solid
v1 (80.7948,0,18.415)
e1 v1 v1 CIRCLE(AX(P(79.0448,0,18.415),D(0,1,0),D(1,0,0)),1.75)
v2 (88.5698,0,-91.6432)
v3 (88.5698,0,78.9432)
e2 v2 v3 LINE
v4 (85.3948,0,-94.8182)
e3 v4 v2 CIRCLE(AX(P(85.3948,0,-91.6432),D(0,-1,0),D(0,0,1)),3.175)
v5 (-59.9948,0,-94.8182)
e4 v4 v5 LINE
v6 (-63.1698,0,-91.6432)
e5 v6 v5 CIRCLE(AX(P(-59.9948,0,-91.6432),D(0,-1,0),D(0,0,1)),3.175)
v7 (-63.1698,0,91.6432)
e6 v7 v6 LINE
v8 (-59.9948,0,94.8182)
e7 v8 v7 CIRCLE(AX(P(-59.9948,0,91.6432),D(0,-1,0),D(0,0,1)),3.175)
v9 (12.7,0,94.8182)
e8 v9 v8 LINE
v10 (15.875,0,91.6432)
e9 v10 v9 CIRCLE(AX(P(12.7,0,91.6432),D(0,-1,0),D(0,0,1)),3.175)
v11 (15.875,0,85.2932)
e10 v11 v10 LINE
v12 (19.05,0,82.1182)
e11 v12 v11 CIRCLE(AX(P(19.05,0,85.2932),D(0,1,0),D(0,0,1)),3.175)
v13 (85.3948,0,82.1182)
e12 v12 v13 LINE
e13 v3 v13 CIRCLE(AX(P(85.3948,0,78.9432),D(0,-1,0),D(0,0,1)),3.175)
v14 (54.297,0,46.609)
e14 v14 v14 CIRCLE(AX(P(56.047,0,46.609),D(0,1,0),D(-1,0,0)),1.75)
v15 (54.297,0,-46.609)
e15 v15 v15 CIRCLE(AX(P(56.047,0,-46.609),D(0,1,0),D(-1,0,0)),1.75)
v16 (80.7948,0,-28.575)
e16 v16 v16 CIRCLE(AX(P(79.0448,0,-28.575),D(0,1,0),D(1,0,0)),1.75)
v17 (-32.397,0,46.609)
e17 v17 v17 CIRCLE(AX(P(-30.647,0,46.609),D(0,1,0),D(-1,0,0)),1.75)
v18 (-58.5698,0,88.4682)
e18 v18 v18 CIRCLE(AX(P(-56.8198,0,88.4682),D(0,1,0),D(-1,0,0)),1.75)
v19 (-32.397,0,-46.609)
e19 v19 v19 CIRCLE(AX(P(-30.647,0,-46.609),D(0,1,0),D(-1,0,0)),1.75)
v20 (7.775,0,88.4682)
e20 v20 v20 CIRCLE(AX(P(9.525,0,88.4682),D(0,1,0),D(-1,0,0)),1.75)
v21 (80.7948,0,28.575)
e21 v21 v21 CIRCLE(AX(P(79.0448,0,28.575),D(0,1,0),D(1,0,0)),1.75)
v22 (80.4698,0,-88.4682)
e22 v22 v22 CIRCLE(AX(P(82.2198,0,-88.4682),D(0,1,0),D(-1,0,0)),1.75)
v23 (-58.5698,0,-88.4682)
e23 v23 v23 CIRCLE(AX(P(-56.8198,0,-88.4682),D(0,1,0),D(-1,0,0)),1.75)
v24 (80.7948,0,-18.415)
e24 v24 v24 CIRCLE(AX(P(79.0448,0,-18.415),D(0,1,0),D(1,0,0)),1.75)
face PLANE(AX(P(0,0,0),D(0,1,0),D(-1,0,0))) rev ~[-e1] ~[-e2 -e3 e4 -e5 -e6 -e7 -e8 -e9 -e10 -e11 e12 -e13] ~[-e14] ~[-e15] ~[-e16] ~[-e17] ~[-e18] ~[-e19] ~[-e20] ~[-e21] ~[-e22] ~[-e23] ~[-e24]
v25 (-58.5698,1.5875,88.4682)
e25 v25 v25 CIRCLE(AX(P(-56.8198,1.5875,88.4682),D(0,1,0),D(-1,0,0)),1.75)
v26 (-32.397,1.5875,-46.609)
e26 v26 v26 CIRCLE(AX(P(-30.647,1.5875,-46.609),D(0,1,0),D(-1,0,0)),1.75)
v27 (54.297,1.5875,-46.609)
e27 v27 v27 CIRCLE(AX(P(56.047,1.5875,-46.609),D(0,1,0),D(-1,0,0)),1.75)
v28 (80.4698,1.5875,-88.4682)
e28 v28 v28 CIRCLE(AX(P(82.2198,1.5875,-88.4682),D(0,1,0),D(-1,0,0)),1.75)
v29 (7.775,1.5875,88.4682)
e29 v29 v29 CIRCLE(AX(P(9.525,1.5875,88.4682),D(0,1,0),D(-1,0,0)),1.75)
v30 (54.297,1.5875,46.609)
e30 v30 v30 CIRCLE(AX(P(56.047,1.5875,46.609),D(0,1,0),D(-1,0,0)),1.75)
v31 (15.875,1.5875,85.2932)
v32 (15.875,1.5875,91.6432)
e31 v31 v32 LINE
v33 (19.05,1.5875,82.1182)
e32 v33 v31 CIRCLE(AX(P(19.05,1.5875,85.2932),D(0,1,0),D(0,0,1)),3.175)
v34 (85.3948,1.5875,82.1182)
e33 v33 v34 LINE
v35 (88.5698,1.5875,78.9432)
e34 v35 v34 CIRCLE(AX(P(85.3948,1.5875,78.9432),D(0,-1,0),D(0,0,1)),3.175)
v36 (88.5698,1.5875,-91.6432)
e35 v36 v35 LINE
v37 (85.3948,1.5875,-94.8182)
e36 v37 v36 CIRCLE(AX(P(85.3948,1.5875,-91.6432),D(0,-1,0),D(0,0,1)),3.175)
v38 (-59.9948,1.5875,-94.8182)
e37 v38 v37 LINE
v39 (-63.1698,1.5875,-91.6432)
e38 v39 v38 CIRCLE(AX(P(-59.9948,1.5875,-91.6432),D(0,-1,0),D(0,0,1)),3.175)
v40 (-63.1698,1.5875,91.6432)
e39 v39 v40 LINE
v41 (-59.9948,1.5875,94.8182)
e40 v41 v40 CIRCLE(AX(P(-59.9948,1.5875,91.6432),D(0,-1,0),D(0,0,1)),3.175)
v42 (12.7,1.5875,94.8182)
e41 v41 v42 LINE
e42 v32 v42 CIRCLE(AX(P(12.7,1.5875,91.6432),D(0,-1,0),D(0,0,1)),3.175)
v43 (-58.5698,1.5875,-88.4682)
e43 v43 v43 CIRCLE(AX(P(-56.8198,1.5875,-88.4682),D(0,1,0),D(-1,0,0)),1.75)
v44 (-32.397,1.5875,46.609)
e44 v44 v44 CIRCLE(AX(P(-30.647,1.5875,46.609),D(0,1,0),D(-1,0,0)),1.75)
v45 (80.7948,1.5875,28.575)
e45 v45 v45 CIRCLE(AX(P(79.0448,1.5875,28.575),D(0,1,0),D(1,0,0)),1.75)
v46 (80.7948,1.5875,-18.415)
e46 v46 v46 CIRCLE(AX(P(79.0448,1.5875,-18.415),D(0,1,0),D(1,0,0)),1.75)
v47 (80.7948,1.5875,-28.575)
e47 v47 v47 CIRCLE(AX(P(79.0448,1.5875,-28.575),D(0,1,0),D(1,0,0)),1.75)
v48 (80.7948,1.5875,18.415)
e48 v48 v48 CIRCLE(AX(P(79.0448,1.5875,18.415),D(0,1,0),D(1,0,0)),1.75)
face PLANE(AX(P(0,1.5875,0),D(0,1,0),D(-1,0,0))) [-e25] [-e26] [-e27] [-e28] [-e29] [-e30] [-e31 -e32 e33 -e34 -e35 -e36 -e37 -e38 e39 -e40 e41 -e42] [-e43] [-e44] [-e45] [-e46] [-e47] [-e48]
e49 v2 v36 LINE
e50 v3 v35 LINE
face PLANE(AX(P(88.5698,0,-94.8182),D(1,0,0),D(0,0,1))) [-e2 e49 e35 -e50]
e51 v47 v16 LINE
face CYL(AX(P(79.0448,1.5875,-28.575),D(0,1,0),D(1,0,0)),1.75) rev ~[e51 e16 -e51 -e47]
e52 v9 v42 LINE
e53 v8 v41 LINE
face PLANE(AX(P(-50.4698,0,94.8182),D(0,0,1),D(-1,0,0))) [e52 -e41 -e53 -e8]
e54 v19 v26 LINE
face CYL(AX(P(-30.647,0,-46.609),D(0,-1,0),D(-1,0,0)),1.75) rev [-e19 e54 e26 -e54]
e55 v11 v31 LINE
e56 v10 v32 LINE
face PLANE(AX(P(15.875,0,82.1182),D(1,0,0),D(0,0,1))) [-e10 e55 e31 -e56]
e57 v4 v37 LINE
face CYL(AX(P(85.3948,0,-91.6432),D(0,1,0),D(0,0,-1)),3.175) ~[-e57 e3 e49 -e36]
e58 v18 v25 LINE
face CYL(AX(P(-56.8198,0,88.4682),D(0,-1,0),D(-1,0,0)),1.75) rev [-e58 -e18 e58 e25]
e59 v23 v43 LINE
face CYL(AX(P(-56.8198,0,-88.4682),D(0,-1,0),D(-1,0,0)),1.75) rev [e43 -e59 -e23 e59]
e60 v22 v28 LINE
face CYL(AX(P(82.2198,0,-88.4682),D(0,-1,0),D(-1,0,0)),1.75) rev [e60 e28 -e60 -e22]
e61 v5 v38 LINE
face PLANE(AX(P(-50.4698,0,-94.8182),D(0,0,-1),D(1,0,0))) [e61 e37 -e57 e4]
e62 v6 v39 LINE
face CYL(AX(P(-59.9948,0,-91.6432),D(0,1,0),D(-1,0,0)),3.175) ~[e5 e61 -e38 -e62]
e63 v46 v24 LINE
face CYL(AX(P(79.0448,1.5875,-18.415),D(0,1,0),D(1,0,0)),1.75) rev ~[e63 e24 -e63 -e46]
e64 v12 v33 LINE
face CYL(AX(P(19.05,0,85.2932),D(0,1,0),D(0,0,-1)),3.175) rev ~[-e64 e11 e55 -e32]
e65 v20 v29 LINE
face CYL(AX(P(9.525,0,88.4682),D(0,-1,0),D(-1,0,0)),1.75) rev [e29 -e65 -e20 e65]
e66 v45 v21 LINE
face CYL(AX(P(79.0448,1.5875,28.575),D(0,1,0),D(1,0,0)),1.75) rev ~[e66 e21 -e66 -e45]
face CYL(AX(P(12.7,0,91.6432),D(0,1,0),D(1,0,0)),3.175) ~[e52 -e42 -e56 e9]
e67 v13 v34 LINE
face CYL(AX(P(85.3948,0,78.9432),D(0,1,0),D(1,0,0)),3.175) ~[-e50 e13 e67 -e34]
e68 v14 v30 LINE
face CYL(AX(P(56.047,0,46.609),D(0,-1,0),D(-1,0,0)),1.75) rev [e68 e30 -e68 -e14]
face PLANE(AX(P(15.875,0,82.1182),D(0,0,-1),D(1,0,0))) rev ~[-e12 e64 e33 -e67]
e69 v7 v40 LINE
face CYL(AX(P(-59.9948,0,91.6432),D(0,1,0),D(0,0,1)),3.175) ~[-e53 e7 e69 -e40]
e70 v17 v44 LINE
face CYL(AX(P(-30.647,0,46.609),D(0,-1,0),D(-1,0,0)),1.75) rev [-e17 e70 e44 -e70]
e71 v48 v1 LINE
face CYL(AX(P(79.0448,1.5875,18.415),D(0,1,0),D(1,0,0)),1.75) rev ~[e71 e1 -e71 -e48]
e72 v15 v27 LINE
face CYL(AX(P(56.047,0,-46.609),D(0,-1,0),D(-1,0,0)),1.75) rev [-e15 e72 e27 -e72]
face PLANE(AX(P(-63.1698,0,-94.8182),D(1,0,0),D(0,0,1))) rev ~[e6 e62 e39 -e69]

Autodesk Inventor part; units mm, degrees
ref_plane "YZ Plane" through (0, 0, 0) normal (1, 0, 0) x (0, 1, 0)
ref_plane "XZ Plane" through (0, 0, 0) normal (0, 1, 0) x (-1, 0, 0)
ref_plane "XY Plane" through (0, 0, 0) normal (0, 0, 1) x (1, 0, 0)
sketch "Sketch1" plane through (0, 0, 0) normal (0, 1, 0) x (-1, 0, 0)
  line L0 (50.4698, -94.8182) -> (63.1698, -94.8182)
  line L1 (63.1698, -94.8182) -> (63.1698, -82.1182)
  line L2 (50.4698, 94.8182) -> (63.1698, 94.8182)
  line L3 (63.1698, 94.8182) -> (63.1698, 82.1182)
  circle A0 centre (56.8198, 88.4682) radius 1.75
  circle A1 centre (56.8198, -88.4682) radius 1.75
  circle A2 centre (-82.2198, -88.4682) radius 1.75
  line L4 (-15.875, 82.1182) -> (-15.875, 94.8182)
  line L5 (-15.875, 94.8182) -> (-3.175, 94.8182)
  circle A3 centre (-9.525, 88.4682) radius 1.75
  line L6 (-15.875, 94.8182) -> (63.1698, 94.8182)
  line L7 (63.1698, 94.8182) -> (63.1698, -94.8182)
  line L8 (63.1698, -94.8182) -> (-88.5698, -94.8182)
  line L9 (-15.875, 82.1182) -> (-88.5698, 82.1182)
  line L10 (-88.5698, -94.8182) -> (-88.5698, 82.1182)
  circle A4 centre (-56.047, -46.609) radius 1.75
  circle A5 centre (-56.047, -46.609) radius 1.75
  circle A6 centre (30.647, -46.609) radius 1.75
  circle A7 centre (30.647, -46.609) radius 1.75
  circle A8 centre (30.647, 46.609) radius 1.75
  circle A9 centre (30.647, 46.609) radius 1.75
  circle A10 centre (-56.047, 46.609) radius 1.75
  circle A11 centre (-56.047, 46.609) radius 1.75
  point P0 (15.9004, 85.2932)
  point P1 (63.1698, 85.2932)
  point P2 (63.1698, -85.2932)
extrude "Extrusion1" add sketch "Sketch1" along normal blind 1.5875
fillet "Fillet1" radius 3.175 6 edges at (-63.1698, 0.7937, 94.8182) (15.875, 0.7937, 94.8182) (15.875, 0.7937, 82.1182) (88.5698, 0.7937, 82.1182) (88.5698, 0.7937, -94.8182) (-63.1698, 0.7937, -94.8182)
sketch "Sketch2" plane through (0, 1.5875, 0) normal (0, 1, 0) x (1, 0, 0)
  line L0 (-63.1698, 91.6432) -> (-63.1698, -91.6432) projected
  arc A0 (-59.9948, 94.8182) -> (-63.1698, 91.6432) centre (-59.9948, 91.6432) ccw projected
  line L1 (-63.1698, 91.6432) -> (-63.1698, -91.6432)
  line L2 (88.5698, -78.9432) -> (88.5698, 91.6432) projected
  line L3 (69.5198, 0) -> (69.5198, -38.1)
  line L4 (69.5198, -38.1) -> (88.5698, -38.1)
  line L5 (88.5698, -38.1) -> (88.5698, 0)
  line L6 (88.5698, -38.1) -> (69.5198, -38.1)
  line L7 (69.5198, -38.1) -> (69.5198, 38.1)
  line L8 (69.5198, 38.1) -> (88.5698, 38.1)
  line L9 (88.5698, 38.1) -> (88.5698, -38.1)
  line L10 (69.5198, -38.1) -> (88.5698, -38.1)
  line L11 (88.5698, -38.1) -> (88.5698, -19.05)
  line L12 (69.5198, -19.05) -> (69.5198, -38.1)
  circle A1 centre (79.0448, -28.575) radius 1.75
  line L13 (69.5198, 38.1) -> (88.5698, 38.1)
  line L14 (88.5698, 38.1) -> (88.5698, 19.05)
  line L15 (69.5198, 19.05) -> (69.5198, 38.1)
  circle A2 centre (79.0448, 28.575) radius 1.75
  circle A3 centre (79.0448, -18.415) radius 1.75
  circle A4 centre (79.0448, 18.415) radius 1.75
  point P0 (0, 0)
  dimension "d3" = 19.05
  dimension "d7" = 19.05
  dimension "d8" = 3.5
  dimension "d9" = 19.05
  dimension "d10" = 3.5
  dimension "d15" = 3.5
  dimension "d16" = 3.5
extrude "Extrusion3" cut sketch "Sketch2" against normal blind 25.4 contours A1 | A2 | A3 | A4
properties part number "bottomMountingPlate2"
